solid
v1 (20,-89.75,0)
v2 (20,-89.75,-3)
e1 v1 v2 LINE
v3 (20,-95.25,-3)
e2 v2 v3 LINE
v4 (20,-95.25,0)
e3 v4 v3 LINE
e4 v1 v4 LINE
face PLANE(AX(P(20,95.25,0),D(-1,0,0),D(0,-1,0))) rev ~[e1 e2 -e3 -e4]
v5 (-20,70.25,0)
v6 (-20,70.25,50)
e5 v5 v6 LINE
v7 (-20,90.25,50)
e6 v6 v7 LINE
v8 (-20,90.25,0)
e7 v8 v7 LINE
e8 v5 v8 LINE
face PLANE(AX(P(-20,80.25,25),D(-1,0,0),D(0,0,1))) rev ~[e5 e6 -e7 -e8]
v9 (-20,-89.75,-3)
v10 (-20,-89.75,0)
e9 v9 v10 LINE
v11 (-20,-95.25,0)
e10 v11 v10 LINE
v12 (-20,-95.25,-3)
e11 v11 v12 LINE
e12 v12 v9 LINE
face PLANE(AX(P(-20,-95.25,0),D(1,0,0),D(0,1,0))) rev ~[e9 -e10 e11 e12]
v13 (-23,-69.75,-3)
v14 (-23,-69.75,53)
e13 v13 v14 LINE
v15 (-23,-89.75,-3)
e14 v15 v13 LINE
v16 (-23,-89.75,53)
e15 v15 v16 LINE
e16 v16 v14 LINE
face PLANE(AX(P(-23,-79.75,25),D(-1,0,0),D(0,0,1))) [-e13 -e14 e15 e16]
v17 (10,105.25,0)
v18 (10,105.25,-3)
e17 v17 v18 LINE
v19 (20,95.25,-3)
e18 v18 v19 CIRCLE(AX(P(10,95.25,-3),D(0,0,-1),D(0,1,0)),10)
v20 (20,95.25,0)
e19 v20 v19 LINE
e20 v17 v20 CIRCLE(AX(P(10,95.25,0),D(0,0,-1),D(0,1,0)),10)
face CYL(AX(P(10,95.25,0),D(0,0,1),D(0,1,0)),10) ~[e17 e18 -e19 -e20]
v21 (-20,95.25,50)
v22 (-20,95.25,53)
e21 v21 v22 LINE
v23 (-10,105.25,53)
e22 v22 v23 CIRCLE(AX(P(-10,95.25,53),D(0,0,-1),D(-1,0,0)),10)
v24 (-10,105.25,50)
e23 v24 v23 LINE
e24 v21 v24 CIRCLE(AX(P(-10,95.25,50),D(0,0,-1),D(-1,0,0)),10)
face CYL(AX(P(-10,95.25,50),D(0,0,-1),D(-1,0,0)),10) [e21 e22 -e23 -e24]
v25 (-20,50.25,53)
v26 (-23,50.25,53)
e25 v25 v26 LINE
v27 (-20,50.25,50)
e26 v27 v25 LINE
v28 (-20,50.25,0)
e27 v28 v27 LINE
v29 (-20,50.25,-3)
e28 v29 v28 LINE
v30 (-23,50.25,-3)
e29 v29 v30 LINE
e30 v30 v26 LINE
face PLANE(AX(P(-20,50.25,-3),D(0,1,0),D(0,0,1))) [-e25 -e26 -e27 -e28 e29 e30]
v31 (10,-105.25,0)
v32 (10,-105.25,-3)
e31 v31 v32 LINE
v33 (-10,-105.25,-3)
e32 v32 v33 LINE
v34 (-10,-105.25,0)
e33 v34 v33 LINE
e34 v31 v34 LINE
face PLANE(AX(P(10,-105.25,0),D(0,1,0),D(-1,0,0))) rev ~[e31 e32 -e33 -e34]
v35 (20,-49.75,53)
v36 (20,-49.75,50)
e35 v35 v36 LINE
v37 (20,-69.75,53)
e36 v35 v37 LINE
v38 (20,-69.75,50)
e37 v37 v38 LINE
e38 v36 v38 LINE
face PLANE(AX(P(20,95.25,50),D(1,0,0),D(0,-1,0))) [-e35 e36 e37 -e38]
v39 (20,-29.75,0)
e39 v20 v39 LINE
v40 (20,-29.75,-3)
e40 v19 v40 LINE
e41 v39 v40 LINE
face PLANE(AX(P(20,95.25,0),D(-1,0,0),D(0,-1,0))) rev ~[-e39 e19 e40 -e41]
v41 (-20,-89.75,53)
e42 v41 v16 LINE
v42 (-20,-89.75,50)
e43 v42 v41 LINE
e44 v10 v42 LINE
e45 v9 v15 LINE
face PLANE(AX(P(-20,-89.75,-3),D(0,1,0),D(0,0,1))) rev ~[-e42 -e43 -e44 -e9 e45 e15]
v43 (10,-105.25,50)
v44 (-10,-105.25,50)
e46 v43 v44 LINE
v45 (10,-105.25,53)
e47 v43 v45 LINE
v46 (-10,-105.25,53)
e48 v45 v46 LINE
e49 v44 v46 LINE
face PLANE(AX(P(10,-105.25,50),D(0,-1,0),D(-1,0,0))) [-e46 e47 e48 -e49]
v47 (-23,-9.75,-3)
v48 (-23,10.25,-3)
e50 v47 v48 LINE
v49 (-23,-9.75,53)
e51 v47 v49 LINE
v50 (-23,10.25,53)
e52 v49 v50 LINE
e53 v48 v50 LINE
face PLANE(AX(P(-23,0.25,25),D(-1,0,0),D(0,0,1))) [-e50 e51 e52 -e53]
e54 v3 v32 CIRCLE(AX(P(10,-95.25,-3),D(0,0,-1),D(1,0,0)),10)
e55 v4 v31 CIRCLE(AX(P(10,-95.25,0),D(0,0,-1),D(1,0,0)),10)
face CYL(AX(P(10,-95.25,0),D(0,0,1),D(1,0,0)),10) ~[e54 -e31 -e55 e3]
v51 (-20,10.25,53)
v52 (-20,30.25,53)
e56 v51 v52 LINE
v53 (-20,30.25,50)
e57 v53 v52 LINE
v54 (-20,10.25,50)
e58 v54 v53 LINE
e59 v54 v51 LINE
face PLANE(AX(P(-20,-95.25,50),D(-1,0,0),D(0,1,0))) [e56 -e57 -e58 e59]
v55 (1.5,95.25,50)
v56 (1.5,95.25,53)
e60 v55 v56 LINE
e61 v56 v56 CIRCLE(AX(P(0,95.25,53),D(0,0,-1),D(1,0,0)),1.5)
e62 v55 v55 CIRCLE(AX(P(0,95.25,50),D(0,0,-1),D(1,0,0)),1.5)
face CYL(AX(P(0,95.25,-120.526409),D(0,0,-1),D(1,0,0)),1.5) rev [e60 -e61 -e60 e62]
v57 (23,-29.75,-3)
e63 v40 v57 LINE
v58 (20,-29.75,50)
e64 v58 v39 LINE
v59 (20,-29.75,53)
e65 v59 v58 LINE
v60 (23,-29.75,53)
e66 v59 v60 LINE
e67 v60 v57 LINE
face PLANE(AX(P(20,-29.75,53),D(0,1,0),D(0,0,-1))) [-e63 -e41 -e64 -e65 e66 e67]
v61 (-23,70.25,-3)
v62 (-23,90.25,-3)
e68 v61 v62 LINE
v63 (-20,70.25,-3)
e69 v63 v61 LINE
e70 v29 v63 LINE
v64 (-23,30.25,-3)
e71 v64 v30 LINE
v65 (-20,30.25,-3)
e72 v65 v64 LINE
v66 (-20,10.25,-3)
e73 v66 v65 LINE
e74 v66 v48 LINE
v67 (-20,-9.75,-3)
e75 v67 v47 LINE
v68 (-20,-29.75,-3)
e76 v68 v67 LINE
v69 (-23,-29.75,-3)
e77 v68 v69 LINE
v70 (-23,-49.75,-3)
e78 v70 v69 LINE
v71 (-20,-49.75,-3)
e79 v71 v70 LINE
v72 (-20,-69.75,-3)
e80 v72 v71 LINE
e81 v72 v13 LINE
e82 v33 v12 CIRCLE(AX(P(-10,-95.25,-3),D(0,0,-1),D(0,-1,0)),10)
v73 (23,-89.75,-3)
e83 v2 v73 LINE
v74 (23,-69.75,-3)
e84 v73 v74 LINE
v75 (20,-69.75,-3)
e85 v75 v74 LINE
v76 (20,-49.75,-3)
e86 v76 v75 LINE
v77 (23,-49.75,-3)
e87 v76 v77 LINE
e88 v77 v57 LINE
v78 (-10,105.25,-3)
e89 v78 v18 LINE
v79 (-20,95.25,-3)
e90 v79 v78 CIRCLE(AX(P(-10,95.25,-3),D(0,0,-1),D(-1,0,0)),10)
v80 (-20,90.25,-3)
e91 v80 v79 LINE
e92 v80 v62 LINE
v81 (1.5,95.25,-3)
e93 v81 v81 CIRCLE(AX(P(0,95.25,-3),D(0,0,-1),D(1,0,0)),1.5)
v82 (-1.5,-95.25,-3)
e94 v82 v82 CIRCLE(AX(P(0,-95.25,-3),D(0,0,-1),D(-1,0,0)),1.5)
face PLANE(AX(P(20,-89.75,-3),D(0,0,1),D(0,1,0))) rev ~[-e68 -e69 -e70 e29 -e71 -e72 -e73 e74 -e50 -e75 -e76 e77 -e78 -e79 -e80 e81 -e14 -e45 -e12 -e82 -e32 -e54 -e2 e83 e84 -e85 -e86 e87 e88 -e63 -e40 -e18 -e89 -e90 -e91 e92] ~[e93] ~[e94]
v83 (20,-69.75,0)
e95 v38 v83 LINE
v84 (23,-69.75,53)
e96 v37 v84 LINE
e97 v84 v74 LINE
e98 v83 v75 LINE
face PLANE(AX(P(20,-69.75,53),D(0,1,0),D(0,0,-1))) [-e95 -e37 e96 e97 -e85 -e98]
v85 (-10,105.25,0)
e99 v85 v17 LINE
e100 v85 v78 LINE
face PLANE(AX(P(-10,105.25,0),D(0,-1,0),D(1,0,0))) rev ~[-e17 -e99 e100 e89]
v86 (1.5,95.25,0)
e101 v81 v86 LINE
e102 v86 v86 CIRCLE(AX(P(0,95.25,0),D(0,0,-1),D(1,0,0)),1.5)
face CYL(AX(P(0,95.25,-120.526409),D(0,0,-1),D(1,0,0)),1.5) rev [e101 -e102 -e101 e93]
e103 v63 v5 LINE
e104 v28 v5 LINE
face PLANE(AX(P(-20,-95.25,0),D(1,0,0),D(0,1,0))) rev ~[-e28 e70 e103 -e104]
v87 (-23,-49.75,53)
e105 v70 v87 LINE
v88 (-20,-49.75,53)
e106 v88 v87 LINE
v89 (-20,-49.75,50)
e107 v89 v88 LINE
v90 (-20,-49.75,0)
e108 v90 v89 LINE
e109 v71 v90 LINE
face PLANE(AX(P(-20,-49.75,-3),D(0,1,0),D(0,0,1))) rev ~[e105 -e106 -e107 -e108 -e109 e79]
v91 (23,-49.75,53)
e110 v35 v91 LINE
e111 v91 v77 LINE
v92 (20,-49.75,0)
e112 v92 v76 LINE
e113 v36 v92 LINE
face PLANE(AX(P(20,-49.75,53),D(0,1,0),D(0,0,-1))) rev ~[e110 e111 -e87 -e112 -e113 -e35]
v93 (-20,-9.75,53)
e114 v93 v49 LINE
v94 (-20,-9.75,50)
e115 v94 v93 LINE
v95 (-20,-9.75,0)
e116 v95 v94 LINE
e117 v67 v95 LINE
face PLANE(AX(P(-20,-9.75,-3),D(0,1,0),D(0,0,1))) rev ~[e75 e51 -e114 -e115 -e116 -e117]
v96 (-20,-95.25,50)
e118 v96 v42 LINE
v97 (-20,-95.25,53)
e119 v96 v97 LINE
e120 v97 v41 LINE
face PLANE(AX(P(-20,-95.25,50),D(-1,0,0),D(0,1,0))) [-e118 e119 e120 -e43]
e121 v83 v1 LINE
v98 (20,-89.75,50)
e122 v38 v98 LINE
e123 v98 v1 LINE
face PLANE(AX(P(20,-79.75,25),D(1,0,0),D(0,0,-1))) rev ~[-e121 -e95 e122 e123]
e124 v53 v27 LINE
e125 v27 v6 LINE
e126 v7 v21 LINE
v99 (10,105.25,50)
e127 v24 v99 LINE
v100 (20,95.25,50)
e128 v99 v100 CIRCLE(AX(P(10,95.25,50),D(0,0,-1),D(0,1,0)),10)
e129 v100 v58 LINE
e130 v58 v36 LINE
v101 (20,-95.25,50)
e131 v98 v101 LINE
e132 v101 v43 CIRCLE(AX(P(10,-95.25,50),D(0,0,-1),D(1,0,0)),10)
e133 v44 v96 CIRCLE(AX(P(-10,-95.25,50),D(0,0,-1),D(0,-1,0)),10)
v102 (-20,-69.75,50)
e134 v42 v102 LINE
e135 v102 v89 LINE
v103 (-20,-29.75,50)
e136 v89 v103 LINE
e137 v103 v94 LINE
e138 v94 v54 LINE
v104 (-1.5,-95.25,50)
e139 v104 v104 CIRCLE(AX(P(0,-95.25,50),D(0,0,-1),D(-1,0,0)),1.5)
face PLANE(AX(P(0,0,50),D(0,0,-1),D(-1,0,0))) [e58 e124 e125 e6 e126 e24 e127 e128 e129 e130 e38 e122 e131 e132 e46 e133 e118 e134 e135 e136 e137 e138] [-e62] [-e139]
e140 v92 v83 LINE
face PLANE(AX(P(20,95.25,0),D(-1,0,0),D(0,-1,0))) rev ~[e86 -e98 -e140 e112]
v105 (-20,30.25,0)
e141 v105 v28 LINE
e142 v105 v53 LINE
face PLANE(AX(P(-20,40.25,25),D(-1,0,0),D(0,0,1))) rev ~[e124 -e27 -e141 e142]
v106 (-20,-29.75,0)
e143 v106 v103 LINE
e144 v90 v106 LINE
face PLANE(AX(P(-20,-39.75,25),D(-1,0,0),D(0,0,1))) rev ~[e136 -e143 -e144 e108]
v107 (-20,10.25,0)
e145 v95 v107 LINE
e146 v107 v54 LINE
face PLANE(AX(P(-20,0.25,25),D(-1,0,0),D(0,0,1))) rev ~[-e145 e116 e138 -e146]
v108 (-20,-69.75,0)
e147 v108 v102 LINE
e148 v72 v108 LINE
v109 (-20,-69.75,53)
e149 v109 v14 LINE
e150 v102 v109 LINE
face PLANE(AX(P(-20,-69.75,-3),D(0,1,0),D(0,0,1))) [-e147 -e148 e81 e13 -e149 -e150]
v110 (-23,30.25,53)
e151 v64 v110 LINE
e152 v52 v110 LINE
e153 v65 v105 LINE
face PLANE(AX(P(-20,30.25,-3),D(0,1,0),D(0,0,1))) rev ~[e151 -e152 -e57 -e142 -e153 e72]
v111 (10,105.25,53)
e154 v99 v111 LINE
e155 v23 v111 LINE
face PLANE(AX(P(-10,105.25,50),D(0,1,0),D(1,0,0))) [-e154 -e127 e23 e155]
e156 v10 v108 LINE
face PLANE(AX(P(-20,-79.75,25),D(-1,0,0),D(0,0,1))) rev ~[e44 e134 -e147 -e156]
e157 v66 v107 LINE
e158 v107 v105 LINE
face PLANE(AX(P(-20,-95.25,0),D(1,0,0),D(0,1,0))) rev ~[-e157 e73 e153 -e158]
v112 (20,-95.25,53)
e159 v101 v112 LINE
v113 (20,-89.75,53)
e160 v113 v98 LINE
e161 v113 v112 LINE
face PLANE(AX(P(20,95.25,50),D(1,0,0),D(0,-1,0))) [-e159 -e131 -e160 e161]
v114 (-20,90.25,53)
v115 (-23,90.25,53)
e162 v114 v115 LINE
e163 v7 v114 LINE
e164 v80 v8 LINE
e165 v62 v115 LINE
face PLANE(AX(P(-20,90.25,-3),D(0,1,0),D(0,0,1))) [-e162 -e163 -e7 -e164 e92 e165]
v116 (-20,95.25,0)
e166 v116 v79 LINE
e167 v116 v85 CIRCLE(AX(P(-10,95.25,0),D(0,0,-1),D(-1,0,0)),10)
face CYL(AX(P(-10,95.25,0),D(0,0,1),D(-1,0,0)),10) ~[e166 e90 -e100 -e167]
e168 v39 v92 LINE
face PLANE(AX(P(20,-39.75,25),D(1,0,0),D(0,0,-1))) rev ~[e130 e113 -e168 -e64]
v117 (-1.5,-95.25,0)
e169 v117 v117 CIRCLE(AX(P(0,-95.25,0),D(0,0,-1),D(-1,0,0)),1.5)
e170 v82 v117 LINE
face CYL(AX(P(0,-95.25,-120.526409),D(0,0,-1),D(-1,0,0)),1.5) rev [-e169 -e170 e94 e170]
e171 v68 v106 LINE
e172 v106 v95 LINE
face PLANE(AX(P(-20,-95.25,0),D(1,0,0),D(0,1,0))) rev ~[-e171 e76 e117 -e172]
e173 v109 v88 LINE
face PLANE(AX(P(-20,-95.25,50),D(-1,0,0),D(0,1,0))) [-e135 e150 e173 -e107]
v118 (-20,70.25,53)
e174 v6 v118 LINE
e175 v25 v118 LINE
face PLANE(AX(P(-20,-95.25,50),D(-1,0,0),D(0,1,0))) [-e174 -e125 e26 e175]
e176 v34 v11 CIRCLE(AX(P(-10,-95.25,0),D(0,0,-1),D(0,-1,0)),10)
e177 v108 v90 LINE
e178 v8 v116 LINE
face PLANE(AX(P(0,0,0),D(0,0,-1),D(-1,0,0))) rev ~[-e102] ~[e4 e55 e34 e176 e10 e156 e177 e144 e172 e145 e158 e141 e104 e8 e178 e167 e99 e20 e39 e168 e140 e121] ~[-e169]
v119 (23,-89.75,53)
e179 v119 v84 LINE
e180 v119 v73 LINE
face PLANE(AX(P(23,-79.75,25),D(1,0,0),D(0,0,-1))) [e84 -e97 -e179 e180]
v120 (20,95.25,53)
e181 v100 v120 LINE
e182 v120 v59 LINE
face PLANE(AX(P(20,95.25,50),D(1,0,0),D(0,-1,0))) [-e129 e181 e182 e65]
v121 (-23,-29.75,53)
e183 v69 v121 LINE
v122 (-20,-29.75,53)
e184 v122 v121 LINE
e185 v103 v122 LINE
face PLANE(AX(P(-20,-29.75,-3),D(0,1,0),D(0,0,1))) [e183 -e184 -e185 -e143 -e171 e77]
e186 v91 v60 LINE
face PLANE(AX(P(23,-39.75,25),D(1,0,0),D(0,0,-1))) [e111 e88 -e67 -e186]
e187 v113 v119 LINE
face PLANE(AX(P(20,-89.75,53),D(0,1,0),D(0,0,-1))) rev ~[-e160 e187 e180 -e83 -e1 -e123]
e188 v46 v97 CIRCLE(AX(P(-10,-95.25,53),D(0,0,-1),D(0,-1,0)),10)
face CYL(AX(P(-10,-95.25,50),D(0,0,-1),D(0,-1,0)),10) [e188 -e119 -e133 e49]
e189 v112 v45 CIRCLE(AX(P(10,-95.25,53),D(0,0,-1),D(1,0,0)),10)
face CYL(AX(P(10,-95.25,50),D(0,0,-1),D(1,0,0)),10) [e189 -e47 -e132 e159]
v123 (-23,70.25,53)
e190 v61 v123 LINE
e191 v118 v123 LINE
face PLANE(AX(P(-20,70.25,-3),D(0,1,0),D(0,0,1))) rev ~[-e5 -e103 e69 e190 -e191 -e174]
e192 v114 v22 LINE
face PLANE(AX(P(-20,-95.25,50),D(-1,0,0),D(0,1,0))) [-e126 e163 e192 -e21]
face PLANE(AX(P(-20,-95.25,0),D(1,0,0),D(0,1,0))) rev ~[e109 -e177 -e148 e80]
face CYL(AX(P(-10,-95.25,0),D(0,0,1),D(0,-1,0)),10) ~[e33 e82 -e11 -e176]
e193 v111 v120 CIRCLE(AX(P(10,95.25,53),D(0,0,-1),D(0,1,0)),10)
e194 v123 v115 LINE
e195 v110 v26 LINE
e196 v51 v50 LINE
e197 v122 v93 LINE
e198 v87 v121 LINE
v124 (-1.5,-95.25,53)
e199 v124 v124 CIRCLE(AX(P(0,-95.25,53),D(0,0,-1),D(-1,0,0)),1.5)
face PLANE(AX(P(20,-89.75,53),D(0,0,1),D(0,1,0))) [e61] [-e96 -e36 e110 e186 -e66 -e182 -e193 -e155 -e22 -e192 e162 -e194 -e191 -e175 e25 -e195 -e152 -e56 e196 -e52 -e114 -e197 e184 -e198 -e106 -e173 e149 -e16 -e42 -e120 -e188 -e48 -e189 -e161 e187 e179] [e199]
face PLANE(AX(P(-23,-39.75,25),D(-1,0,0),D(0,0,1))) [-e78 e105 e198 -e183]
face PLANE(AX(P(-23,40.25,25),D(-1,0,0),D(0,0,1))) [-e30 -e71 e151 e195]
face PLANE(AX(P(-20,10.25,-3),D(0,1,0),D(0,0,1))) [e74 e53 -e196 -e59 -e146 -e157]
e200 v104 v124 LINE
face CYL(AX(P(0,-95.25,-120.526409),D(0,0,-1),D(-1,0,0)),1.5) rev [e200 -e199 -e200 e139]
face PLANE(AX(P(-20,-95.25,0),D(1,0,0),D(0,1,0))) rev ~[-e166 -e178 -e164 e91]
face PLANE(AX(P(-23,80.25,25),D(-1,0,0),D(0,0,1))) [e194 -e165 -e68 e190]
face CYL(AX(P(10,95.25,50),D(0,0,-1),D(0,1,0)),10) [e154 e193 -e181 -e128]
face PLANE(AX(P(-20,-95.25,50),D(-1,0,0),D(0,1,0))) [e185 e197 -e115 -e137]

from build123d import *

# Parameters (mm, degrees)
BOSS_EXTRUDE1_START     = 50
BOSS_EXTRUDE1_DEPTH     = 3
BOSS_EXTRUDE2_DEPTH     = 3
CUT_EXTRUDE1_DEPTH      = 120.526409216
CUT_EXTRUDE1_DEPTH_BACK = 120.526409216
SKETCH2_R               = 1.5
SKETCH3_W               = 56
SKETCH3_H               = 20
BOSS_EXTRUDE4_DEPTH     = 3
SKETCH4_W               = 56
SKETCH4_H               = 20
BOSS_EXTRUDE5_DEPTH     = 3


with BuildPart() as part:
    # Sketch1 → Boss-Extrude1 (new body)
    with BuildSketch(Plane.XY.offset(BOSS_EXTRUDE1_START)):
        with BuildLine():
            Line((-10, 105.25), (10, 105.25))
            ThreePointArc((10, 105.25), (17.071067812, 102.321067812), (20, 95.25))
            Line((20, 95.25), (20, -95.25))
            ThreePointArc((20, -95.25), (17.071067812, -102.321067812), (10, -105.25))
            Line((10, -105.25), (-10, -105.25))
            ThreePointArc((-10, -105.25), (-17.071067812, -102.321067812), (-20, -95.25))
            Line((-20, -95.25), (-20, 95.25))
            ThreePointArc((-20, 95.25), (-17.071067812, 102.321067812), (-10, 105.25))
        make_face()
    extrude(amount=BOSS_EXTRUDE1_DEPTH)


with BuildPart() as body_2:
    # Sketch1<3> → Boss-Extrude2 (new body)
    with BuildSketch(Plane.XY):
        with BuildLine():
            Line((-10, 105.25), (10, 105.25))
            ThreePointArc((10, 105.25), (17.071067812, 102.321067812), (20, 95.25))
            Line((20, 95.25), (20, -95.25))
            ThreePointArc((20, -95.25), (17.071067812, -102.321067812), (10, -105.25))
            Line((10, -105.25), (-10, -105.25))
            ThreePointArc((-10, -105.25), (-17.071067812, -102.321067812), (-20, -95.25))
            Line((-20, -95.25), (-20, 95.25))
            ThreePointArc((-20, 95.25), (-17.071067812, 102.321067812), (-10, 105.25))
        make_face()
    extrude(amount=-BOSS_EXTRUDE2_DEPTH)


with BuildPart() as cut_extrude1_tool:
    # Sketch2 → Cut-Extrude1 (new, two sides: drawn at the far end of the back side and taken through both)
    with BuildSketch(Plane.XY.offset(-CUT_EXTRUDE1_DEPTH_BACK)):
        with Locations((0, 95.25)):
            Circle(SKETCH2_R)
        with Locations((0, -95.25)):
            Circle(SKETCH2_R)
    extrude(amount=CUT_EXTRUDE1_DEPTH + CUT_EXTRUDE1_DEPTH_BACK)


with BuildPart() as part_1:
    add(part.part)

    # Cut-Extrude1: cut by cut_extrude1_tool
    add(cut_extrude1_tool.part, mode=Mode.SUBTRACT)



with BuildPart() as body_2_1:
    add(body_2.part)

    # Cut-Extrude1: cut by cut_extrude1_tool
    add(cut_extrude1_tool.part, mode=Mode.SUBTRACT)


with BuildPart() as part_2:
    add(part_1.part)

    add(body_2_1.part)  # Boss-Extrude4 merges body 2
    # Sketch3 → Boss-Extrude4 (add)
    with BuildSketch(Plane.ZY.offset(20)):
        with Locations((25, 80.25)):
            Rectangle(SKETCH3_W, SKETCH3_H)
        with Locations((25, 40.25)):
            Rectangle(SKETCH3_W, SKETCH3_H)
        with Locations((25, 0.25)):
            Rectangle(SKETCH3_W, SKETCH3_H)
        with Locations((25, -39.75)):
            Rectangle(SKETCH3_W, SKETCH3_H)
        with Locations((25, -79.75)):
            Rectangle(SKETCH3_W, SKETCH3_H)
    extrude(amount=BOSS_EXTRUDE4_DEPTH)

    # Sketch4 → Boss-Extrude5 (add)
    with BuildSketch(Plane(origin=(20, 0, 0), x_dir=(0, 0, -1), z_dir=(1, 0, 0))):
        with Locations((-25, -79.75)):
            Rectangle(SKETCH4_W, SKETCH4_H)
        with Locations((-25, -39.75)):
            Rectangle(SKETCH4_W, SKETCH4_H)
    extrude(amount=BOSS_EXTRUDE5_DEPTH)


solid = part_2.part
